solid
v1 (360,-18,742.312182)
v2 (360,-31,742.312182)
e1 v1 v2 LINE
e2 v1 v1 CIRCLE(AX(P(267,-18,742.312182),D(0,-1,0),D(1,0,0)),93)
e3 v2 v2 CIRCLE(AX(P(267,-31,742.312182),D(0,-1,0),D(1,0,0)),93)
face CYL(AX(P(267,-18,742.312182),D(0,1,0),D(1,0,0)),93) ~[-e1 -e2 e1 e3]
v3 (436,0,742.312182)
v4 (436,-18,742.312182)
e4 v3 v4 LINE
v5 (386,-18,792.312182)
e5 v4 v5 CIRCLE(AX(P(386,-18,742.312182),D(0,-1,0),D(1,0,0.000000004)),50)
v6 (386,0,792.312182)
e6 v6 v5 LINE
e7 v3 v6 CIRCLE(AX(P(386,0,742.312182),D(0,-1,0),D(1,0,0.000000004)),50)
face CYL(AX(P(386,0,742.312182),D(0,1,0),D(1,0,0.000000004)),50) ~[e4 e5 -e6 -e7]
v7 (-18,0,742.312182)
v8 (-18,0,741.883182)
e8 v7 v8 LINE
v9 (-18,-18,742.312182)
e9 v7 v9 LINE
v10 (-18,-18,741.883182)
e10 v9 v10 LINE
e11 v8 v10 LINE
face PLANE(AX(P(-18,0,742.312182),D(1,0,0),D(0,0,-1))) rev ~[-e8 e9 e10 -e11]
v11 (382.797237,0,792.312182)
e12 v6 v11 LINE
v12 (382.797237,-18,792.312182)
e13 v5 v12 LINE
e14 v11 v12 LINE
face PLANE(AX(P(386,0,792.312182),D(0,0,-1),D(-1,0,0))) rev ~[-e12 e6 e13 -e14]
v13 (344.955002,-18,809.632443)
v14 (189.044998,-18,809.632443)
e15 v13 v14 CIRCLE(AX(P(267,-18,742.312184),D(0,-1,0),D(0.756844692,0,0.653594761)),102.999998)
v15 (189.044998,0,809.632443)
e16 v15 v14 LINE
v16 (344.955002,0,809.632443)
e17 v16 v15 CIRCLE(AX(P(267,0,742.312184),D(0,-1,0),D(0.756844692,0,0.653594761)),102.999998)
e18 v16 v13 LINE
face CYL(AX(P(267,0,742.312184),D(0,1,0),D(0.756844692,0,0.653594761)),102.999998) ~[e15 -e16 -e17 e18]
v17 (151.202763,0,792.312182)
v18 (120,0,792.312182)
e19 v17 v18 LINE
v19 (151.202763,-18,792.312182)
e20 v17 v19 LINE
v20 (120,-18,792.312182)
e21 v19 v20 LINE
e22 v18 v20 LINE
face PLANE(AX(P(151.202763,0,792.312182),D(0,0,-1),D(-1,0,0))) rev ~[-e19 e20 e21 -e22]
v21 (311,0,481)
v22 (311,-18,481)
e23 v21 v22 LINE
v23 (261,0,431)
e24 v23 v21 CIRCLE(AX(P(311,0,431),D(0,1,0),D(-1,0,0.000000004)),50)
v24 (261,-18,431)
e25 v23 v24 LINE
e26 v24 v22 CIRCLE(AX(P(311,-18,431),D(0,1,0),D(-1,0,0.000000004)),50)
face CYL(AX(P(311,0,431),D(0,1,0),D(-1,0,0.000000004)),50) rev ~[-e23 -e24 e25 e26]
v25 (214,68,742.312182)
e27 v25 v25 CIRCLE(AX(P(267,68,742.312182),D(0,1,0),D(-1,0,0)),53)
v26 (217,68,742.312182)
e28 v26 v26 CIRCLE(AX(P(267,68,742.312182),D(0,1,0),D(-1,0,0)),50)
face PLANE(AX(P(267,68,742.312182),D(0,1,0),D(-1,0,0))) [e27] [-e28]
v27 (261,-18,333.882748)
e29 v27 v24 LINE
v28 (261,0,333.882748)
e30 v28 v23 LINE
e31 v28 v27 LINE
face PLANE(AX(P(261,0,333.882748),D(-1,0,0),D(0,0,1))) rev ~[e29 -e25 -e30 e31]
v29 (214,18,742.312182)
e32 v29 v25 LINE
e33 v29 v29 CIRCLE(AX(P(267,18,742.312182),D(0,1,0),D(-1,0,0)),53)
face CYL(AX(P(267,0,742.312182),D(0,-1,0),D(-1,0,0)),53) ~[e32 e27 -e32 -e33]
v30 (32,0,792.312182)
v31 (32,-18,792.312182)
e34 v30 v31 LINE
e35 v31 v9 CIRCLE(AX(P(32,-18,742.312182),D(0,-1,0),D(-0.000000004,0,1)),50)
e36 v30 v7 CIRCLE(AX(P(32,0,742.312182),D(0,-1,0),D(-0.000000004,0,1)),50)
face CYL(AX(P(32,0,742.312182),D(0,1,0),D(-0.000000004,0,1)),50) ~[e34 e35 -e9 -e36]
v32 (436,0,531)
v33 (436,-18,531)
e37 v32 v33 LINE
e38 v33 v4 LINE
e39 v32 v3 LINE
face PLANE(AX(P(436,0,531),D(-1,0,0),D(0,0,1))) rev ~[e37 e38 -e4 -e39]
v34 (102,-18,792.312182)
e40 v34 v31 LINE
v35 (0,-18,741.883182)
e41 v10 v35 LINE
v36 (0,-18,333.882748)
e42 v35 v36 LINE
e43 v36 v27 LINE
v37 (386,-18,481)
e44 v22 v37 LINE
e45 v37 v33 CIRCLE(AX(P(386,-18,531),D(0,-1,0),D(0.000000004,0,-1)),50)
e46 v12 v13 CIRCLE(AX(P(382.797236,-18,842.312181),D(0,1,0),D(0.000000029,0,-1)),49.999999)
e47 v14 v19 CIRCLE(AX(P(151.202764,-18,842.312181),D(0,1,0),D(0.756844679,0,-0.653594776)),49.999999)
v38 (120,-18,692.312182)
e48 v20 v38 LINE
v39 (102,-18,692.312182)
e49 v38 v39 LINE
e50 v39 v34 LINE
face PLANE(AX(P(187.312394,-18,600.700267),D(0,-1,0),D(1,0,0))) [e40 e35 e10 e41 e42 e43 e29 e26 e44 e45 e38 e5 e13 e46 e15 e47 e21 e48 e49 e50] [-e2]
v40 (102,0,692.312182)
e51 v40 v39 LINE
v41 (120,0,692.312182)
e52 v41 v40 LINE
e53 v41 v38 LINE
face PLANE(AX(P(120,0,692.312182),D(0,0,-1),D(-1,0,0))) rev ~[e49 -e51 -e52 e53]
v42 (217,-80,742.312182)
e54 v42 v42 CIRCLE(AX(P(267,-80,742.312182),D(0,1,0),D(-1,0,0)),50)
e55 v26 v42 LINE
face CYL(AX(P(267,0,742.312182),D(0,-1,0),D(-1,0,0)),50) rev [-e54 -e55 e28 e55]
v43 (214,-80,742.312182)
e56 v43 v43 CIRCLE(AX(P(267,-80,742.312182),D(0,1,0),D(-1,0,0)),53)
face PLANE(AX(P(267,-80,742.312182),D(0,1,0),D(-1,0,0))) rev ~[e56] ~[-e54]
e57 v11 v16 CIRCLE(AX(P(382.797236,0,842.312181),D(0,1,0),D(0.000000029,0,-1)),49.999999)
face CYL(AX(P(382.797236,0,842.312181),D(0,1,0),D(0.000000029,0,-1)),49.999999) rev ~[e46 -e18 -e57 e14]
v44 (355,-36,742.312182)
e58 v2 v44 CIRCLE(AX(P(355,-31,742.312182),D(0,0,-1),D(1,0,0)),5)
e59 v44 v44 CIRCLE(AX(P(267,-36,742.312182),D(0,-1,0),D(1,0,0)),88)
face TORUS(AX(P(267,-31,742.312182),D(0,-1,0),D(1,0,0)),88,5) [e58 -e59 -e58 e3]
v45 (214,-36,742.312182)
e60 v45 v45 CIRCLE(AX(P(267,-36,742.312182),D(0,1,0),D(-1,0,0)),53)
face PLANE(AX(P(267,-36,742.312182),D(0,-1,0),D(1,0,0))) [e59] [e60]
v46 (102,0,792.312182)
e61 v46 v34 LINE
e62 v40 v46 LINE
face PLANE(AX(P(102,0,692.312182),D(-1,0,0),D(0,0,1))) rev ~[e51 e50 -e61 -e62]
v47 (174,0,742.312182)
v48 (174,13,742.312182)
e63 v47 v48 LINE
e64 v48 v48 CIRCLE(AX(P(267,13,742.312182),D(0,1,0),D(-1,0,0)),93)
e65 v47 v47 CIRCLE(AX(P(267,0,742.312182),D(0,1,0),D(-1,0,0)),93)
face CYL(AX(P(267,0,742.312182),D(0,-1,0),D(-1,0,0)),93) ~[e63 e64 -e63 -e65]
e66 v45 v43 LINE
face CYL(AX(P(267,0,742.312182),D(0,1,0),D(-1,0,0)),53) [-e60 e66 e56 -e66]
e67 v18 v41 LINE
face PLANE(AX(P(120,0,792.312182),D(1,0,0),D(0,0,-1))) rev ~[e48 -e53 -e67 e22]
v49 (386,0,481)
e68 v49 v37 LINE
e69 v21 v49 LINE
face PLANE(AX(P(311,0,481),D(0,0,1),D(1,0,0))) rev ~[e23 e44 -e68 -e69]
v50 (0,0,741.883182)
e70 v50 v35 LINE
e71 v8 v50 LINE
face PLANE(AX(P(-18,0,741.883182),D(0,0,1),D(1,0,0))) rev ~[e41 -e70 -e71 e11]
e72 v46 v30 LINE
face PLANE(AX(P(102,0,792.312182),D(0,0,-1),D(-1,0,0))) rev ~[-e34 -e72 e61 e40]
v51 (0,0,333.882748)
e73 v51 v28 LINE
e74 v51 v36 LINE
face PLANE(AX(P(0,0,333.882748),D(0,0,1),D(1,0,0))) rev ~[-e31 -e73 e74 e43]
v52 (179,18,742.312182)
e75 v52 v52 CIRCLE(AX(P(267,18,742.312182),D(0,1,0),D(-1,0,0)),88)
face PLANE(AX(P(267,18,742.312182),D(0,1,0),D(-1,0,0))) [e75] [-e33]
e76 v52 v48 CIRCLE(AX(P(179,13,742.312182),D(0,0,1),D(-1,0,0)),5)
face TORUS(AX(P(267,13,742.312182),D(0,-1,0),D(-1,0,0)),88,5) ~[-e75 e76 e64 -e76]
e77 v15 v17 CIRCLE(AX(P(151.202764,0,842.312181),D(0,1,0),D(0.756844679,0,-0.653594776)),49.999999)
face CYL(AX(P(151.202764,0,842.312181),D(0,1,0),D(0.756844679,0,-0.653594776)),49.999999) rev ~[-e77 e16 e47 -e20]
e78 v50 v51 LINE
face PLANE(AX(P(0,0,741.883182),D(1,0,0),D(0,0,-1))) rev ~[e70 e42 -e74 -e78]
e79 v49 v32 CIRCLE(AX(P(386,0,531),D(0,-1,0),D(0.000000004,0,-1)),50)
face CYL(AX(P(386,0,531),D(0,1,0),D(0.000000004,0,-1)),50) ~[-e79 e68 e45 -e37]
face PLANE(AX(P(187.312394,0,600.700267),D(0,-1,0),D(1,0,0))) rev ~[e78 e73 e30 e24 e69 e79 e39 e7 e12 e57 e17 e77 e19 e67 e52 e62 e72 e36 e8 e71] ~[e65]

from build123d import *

# Parameters (mm, degrees)
F0_R          = 53
F1_DEPTH      = 18
F2_R          = 53
F2_R_2        = 50
F3_DEPTH      = 68
F3_DEPTH_BACK = 80
F4_R          = 93
F4_R_2        = 53
F5_DEPTH      = 18
F6_R          = 93
F6_R_2        = 53
F7_DEPTH      = 18
F8_R          = 5


with BuildPart() as f1:
    # F0 (on Front) → F1 (new body)
    with BuildSketch(Plane.XZ):
        with BuildLine():
            Line((0, 333.882748), (261, 333.882748))
            Line((261, 333.882748), (261, 431))
            ThreePointArc((261, 431), (275.644661, 466.355339), (311, 481))
            Line((311, 481), (386, 481))
            ThreePointArc((386, 481), (421.355339, 495.644661), (436, 531))
            Line((436, 531), (436, 742.312182))
            ThreePointArc((436, 742.312182), (421.355339, 777.667521), (386, 792.312182))
            Line((386, 792.312182), (382.797237, 792.312182))
            ThreePointArc((382.797237, 792.312182), (361.988427, 796.847982), (344.955002, 809.632443))
            ThreePointArc((344.955002, 809.632443), (267, 845.312182), (189.044998, 809.632443))
            ThreePointArc((189.044998, 809.632443), (172.011573, 796.847982), (151.202763, 792.312182))
            Line((151.202763, 792.312182), (120, 792.312182))
            Line((120, 792.312182), (120, 692.312182))
            Line((120, 692.312182), (102, 692.312182))
            Line((102, 692.312182), (102, 792.312182))
            Line((102, 792.312182), (32, 792.312182))
            ThreePointArc((32, 792.312182), (-3.355339, 777.667521), (-18, 742.312182))
            Line((-18, 742.312182), (-18, 741.883182))
            Line((-18, 741.883182), (0, 741.883182))
            Line((0, 741.883182), (0, 333.882748))
        make_face()
        with Locations((267, 742.312182)):
            Circle(F0_R, mode=Mode.SUBTRACT)
    extrude(amount=F1_DEPTH)

    # F2 (on face) → F3 (join, two sides)
    with BuildSketch(Plane(origin=(0, 0, 0), x_dir=(-1, 0, 0), z_dir=(0, 1, 0))) as f3_sk:
        with Locations((-267, 742.312182)):
            Circle(F2_R)
        with Locations((-267, 742.312182)):
            Circle(F2_R_2, mode=Mode.SUBTRACT)
    extrude(amount=F3_DEPTH)
    extrude(f3_sk.sketch, amount=-F3_DEPTH_BACK)

    # F4 (on face) → F5 (join)
    with BuildSketch(Plane(origin=(0, 0, 0), x_dir=(-1, 0, 0), z_dir=(0, 1, 0))):
        with Locations((-267, 742.312182)):
            Circle(F4_R)
        with Locations((-267, 742.312182)):
            Circle(F4_R_2, mode=Mode.SUBTRACT)
    extrude(amount=F5_DEPTH)

    # F6 (on face) → F7 (join)
    with BuildSketch(Plane.XZ.offset(18)):
        with Locations((267, 742.312182)):
            Circle(F6_R)
        with Locations((267, 742.312182)):
            Circle(F6_R_2, mode=Mode.SUBTRACT)
    extrude(amount=F7_DEPTH)

    # F8
    f8_edges = [f1.edges().sort_by_distance(p)[0] for p in [
        (360, 18, 742.312182),
        (174, -36, 742.312182),
    ]]
    fillet(f8_edges, radius=F8_R)


solid = f1.part
